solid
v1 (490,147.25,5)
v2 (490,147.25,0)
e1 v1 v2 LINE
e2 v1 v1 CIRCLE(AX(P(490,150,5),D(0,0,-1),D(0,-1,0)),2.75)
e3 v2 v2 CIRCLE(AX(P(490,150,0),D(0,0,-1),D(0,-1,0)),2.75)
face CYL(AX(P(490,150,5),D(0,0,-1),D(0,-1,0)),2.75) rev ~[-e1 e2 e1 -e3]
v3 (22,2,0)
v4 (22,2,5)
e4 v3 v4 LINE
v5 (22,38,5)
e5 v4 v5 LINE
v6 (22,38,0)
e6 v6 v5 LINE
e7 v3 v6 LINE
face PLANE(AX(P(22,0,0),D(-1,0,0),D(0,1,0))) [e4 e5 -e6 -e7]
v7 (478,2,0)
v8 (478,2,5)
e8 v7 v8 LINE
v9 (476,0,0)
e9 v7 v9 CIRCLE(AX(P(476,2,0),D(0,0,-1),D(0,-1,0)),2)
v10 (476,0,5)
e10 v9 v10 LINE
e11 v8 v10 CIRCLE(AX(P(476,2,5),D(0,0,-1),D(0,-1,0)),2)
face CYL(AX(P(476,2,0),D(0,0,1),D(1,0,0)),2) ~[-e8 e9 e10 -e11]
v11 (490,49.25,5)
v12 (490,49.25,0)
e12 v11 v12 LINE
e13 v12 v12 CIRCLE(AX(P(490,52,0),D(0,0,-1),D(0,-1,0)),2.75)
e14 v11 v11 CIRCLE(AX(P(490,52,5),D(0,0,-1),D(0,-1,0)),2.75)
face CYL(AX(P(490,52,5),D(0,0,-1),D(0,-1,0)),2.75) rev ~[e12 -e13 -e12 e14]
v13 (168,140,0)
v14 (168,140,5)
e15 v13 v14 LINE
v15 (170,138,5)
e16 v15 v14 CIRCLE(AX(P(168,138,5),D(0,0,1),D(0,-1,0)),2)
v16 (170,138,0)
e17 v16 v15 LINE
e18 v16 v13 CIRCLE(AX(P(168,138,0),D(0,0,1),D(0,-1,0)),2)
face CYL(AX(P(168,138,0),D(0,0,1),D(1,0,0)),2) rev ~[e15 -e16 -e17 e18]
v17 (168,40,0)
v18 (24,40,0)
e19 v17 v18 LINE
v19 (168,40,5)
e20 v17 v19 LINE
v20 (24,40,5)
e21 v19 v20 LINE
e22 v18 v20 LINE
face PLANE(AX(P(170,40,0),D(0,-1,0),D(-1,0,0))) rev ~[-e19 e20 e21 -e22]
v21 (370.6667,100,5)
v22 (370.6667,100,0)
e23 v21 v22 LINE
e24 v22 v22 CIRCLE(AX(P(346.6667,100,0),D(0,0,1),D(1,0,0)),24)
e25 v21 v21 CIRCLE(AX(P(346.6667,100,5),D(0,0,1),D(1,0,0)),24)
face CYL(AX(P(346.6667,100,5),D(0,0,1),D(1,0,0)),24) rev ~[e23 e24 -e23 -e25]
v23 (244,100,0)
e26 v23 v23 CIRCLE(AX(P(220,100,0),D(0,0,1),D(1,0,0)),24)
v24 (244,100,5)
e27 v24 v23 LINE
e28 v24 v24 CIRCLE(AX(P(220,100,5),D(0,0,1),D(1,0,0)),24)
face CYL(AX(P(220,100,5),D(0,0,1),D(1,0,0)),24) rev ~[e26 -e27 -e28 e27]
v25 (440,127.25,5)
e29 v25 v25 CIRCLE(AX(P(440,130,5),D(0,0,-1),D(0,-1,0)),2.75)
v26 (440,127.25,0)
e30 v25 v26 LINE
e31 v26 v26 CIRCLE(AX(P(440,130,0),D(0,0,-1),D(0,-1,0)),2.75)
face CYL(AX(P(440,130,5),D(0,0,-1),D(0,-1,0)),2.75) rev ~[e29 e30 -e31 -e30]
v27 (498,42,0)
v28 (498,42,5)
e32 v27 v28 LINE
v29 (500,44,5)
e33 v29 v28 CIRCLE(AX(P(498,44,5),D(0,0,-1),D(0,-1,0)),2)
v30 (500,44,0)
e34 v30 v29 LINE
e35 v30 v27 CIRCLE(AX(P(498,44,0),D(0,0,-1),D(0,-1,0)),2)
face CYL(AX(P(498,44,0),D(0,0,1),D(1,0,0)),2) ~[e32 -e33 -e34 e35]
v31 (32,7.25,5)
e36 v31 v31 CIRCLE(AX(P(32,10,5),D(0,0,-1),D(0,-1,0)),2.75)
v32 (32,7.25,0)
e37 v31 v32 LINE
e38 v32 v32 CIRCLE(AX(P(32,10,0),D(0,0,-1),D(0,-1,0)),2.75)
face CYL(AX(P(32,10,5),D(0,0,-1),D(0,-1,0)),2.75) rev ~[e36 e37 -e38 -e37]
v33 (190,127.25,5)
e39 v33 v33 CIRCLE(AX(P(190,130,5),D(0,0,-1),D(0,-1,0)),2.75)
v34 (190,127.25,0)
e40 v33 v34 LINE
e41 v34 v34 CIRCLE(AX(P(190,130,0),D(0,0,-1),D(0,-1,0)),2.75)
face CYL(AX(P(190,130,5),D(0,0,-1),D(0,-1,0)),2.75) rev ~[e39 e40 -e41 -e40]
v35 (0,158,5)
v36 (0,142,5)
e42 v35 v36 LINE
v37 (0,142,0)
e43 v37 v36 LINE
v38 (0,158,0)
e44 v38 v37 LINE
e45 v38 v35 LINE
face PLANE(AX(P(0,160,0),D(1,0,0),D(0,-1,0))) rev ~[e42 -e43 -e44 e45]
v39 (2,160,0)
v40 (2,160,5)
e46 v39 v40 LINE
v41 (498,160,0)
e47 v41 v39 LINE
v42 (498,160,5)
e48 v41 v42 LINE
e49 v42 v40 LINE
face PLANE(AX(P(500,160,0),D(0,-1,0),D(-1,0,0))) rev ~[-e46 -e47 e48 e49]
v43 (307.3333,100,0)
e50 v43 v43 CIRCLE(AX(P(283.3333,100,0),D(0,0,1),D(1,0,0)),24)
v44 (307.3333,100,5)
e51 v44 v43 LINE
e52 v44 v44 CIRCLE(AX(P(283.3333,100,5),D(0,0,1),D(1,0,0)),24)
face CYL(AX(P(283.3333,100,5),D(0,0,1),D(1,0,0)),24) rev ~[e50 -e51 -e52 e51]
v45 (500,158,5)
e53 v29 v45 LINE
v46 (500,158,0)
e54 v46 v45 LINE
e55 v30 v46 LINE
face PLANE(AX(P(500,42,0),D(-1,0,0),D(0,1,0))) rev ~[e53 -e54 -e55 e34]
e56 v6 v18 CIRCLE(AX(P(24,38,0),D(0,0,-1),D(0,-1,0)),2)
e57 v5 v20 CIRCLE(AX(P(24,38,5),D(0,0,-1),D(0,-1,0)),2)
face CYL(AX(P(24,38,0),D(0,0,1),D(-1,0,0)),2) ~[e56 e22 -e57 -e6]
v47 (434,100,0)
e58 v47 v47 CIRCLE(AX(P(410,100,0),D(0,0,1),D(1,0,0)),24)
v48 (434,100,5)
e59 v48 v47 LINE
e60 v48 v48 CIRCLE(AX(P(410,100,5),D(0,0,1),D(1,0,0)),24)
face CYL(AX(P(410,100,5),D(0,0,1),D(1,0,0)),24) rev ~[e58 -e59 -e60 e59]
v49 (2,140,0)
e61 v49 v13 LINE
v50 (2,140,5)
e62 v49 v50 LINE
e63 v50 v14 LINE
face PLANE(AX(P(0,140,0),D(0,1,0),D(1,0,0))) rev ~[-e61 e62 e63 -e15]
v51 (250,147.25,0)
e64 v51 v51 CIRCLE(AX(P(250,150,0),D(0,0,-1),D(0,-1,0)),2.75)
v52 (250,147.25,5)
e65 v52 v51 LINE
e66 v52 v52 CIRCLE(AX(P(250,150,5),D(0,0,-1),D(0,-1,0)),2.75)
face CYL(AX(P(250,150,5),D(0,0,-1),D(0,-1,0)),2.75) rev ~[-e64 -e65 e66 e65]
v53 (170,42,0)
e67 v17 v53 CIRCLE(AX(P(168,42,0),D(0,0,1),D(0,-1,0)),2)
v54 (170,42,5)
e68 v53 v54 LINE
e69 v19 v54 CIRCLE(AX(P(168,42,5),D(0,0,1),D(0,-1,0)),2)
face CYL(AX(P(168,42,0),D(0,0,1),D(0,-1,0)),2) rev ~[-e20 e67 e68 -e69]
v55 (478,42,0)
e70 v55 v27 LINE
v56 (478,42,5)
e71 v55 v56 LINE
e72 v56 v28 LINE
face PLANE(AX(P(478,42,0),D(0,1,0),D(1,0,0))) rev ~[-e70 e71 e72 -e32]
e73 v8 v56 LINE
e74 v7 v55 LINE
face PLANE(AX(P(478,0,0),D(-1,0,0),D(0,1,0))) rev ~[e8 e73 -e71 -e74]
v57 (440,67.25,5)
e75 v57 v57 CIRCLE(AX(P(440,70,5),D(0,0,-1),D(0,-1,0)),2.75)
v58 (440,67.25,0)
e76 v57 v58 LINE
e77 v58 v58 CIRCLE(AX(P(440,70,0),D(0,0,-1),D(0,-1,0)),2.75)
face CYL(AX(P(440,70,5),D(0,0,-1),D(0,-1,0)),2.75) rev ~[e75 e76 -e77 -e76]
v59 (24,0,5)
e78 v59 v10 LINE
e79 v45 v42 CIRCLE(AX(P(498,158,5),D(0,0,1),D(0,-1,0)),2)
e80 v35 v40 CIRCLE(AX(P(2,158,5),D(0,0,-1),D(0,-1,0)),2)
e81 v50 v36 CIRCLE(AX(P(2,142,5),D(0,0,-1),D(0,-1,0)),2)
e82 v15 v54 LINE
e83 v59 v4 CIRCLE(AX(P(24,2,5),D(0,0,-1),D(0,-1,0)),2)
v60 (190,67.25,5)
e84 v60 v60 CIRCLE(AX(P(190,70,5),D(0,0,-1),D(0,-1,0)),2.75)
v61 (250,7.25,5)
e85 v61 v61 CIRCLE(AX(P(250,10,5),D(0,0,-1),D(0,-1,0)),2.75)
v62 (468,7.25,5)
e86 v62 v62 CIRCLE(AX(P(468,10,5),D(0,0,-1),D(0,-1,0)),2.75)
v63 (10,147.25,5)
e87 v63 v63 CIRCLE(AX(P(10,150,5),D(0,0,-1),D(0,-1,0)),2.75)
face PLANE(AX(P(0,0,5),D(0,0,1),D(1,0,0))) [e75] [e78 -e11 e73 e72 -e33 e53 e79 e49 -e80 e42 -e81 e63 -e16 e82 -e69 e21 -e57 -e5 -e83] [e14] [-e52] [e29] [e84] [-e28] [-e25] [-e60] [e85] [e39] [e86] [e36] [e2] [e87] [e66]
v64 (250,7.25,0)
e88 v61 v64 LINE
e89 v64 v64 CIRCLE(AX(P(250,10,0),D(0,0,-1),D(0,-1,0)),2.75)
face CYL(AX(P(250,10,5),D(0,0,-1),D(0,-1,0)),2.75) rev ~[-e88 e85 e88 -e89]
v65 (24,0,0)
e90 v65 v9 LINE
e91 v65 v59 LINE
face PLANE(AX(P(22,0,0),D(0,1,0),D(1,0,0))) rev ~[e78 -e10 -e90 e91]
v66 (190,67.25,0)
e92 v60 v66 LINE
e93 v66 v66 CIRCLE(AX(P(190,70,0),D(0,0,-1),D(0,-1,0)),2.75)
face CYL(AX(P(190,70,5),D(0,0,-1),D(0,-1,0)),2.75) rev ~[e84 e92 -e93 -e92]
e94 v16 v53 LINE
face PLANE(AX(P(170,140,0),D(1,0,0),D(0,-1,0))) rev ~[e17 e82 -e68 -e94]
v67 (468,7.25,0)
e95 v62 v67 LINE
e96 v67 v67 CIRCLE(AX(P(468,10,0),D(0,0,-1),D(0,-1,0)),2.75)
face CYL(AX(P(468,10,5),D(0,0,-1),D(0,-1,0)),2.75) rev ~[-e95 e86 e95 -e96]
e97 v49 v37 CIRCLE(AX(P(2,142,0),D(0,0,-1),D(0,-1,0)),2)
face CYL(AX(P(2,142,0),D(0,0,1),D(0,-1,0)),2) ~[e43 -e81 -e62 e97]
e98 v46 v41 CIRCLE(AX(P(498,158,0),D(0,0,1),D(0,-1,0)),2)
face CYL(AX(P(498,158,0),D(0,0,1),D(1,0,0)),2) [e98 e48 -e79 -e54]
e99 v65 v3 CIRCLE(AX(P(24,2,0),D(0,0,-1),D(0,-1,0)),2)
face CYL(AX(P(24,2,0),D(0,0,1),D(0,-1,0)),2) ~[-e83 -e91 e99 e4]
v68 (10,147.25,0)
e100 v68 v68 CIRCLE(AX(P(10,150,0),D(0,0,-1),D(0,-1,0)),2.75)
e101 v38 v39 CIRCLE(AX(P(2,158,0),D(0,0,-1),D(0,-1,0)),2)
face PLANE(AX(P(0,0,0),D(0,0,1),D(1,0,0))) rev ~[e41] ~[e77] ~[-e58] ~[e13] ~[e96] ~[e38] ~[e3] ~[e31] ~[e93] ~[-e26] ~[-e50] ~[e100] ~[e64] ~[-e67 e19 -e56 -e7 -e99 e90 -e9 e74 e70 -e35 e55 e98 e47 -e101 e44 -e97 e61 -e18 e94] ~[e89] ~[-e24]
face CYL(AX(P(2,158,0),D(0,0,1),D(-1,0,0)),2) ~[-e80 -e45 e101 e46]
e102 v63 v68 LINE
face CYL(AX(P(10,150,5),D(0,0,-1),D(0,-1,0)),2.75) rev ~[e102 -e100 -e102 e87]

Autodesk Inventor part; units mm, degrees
ref_plane "YZ Plane" through (0, 0, 0) normal (1, 0, 0) x (0, 1, 0)
ref_plane "XZ Plane" through (0, 0, 0) normal (0, 1, 0) x (-1, 0, 0)
ref_plane "XY Plane" through (0, 0, 0) normal (0, 0, 1) x (1, 0, 0)
sketch "Sketch1" plane through (0, 0, 0) normal (0, 0, 1) x (1, 0, 0)
  line L0 (500, 160) -> (0, 160)
  line L1 (0, 160) -> (0, 140)
  line L2 (478, 0) -> (478, 42)
  line L3 (478, 42) -> (500, 42)
  line L4 (500, 42) -> (500, 160)
  line L5 (0, 0) -> (22, 0)
  line L6 (22, 0) -> (22, 40)
  line L7 (22, 0) -> (478, 0)
  line L8 (0, 42) -> (0, 0)
  line L9 (0, 140) -> (170, 140)
  line L10 (170, 140) -> (170, 40)
  line L11 (170, 40) -> (22, 40)
  line L12 (0, 56) -> (0, 42)
  dimension "d1" = 500
  dimension "d6" = 22
  dimension "d46" = 42
  dimension "d47" = 160
  dimension "d52" = 20
  dimension "d53" = 170
  dimension "d54" = 40
extrude "Extrusion1" add sketch "Sketch1" along normal blind 5
sketch "Sketch2" plane through (0, 0, 5) normal (0, 0, 1) x (1, 0, 0)
  circle A0 centre (32, 10) radius 2.75
  circle A1 centre (468, 10) radius 2.75
  circle A2 centre (10, 150) radius 2.75
  circle A3 centre (490, 150) radius 2.75
  circle A4 centre (490, 52) radius 2.75
  line L0 (500, 160) -> (0, 160) projected
  line L1 (500, 42) -> (500, 160) projected
  line L2 (478, 42) -> (500, 42) projected
  line L3 (478, 0) -> (478, 42) projected
  circle A5 centre (190, 130) radius 3.25
  circle A6 centre (440, 130) radius 3.25
  circle A7 centre (190, 70) radius 3.25
  circle A8 centre (440, 70) radius 3.25
  line L4 (0, 160) -> (0, 140) projected
  line L5 (22, 0) -> (478, 0) projected
  line L6 (22, 40) -> (22, 0) projected
  circle A9 centre (250, 150) radius 2.75
  circle A10 centre (250, 10) radius 2.75
  dimension "d9" = 5.5
  dimension "d10" = 10
  dimension "d12" = 10
  dimension "d13" = 10
  dimension "d14" = 10
  dimension "d15" = 10
  dimension "d16" = 10
  dimension "d20" = 5.5
  dimension "d21" = 5.5
  dimension "d22" = 5.5
  dimension "d23" = 5.5
  dimension "d34" = 60
  dimension "d35" = 60
  dimension "d38" = 30
  dimension "d39" = 6.5
  dimension "d40" = 6.5
  dimension "d41" = 6.5
  dimension "d42" = 6.5
  dimension "d43" = 30
  dimension "d55" = 70
  dimension "d56" = 190
  dimension "d57" = 190
  dimension "d58" = 10
  dimension "d59" = 10
  dimension "d60" = 10
  dimension "d61" = 10
  dimension "d62" = 70
  dimension "d63" = 10
  dimension "d64" = 10
  dimension "d65" = 5.5
  dimension "d66" = 5.5
  dimension "d67" = 250
  dimension "d68" = 250
fillet "Fillet1" radius 2 9 edges at (500, 160, 2.5) (500, 42, 2.5) (0, 160, 2.5) (478, 0, 2.5) (22, 0, 2.5) (22, 40, 2.5) (0, 140, 2.5) (170, 140, 2.5) (170, 40, 2.5)
hole "Hole6" at (10, 150, 5) at (250, 150, 5) at (490, 150, 5) at (490, 52, 5) at (468, 10, 5) at (250, 10, 5) at (32, 10, 5) at (190, 130, 5) at (190, 70, 5) at (440, 130, 5) at (440, 70, 5) direction (0, 0, -1) diameter 5.5 end through all
sketch "Sketch4" plane through (0, 0, 5) normal (0, 0, 1) x (1, 0, 0)
  circle A0 centre (220, 100) radius 24
  circle A1 centre (283.3333, 100) radius 24
  circle A2 centre (346.6667, 100) radius 24
  circle A3 centre (410, 100) radius 24
  circle A4 centre (190, 130) radius 2.75 projected
  line L0 (207.2246, 100) -> (486.1087, 100) construction
  point P0 (0, 0)
  dimension "d115" = 30
  dimension "d116" = 30
  dimension "d117" = 63.3333
  dimension "d118" = 63.3333
  dimension "d119" = 63.3333
  dimension "d120" = 48
  dimension "d121" = 48
  dimension "d122" = 48
  dimension "d123" = 48
extrude "Extrusion2" cut sketch "Sketch4" against normal blind 10 contours A0 | A1 | A2 | A3
equation "\"d12\" = d10"
equation "\"d13\" = d10"
equation "\"d14\" = d10"
equation "\"d15\" = d10"
equation "\"d16\" = d10"
equation "\"d20\" = d9"
equation "\"d21\" = d9"
equation "\"d22\" = d9"
equation "\"d23\" = d9"
equation "\"d35\" = d34"
equation "\"d40\" = d39"
equation "\"d41\" = d39"
equation "\"d42\" = d39"
equation "\"d43\" = d38"
equation "\"d57\" = d56"
equation "\"d58\" = d10"
equation "\"d59\" = d10"
equation "\"d60\" = d10"
equation "\"d61\" = d10"
equation "\"d62\" = d55"
equation "\"d63\" = d10"
equation "\"d64\" = d10"
equation "\"d65\" = d9"
equation "\"d66\" = d9"
equation "\"d68\" = d67"
equation "\"d97\" = d9"
equation "\"d118\" = d117"
equation "\"d119\" = d117"
equation "\"d121\" = d120"
equation "\"d122\" = d120"
equation "\"d123\" = d120"
properties part number "BasePlate"
